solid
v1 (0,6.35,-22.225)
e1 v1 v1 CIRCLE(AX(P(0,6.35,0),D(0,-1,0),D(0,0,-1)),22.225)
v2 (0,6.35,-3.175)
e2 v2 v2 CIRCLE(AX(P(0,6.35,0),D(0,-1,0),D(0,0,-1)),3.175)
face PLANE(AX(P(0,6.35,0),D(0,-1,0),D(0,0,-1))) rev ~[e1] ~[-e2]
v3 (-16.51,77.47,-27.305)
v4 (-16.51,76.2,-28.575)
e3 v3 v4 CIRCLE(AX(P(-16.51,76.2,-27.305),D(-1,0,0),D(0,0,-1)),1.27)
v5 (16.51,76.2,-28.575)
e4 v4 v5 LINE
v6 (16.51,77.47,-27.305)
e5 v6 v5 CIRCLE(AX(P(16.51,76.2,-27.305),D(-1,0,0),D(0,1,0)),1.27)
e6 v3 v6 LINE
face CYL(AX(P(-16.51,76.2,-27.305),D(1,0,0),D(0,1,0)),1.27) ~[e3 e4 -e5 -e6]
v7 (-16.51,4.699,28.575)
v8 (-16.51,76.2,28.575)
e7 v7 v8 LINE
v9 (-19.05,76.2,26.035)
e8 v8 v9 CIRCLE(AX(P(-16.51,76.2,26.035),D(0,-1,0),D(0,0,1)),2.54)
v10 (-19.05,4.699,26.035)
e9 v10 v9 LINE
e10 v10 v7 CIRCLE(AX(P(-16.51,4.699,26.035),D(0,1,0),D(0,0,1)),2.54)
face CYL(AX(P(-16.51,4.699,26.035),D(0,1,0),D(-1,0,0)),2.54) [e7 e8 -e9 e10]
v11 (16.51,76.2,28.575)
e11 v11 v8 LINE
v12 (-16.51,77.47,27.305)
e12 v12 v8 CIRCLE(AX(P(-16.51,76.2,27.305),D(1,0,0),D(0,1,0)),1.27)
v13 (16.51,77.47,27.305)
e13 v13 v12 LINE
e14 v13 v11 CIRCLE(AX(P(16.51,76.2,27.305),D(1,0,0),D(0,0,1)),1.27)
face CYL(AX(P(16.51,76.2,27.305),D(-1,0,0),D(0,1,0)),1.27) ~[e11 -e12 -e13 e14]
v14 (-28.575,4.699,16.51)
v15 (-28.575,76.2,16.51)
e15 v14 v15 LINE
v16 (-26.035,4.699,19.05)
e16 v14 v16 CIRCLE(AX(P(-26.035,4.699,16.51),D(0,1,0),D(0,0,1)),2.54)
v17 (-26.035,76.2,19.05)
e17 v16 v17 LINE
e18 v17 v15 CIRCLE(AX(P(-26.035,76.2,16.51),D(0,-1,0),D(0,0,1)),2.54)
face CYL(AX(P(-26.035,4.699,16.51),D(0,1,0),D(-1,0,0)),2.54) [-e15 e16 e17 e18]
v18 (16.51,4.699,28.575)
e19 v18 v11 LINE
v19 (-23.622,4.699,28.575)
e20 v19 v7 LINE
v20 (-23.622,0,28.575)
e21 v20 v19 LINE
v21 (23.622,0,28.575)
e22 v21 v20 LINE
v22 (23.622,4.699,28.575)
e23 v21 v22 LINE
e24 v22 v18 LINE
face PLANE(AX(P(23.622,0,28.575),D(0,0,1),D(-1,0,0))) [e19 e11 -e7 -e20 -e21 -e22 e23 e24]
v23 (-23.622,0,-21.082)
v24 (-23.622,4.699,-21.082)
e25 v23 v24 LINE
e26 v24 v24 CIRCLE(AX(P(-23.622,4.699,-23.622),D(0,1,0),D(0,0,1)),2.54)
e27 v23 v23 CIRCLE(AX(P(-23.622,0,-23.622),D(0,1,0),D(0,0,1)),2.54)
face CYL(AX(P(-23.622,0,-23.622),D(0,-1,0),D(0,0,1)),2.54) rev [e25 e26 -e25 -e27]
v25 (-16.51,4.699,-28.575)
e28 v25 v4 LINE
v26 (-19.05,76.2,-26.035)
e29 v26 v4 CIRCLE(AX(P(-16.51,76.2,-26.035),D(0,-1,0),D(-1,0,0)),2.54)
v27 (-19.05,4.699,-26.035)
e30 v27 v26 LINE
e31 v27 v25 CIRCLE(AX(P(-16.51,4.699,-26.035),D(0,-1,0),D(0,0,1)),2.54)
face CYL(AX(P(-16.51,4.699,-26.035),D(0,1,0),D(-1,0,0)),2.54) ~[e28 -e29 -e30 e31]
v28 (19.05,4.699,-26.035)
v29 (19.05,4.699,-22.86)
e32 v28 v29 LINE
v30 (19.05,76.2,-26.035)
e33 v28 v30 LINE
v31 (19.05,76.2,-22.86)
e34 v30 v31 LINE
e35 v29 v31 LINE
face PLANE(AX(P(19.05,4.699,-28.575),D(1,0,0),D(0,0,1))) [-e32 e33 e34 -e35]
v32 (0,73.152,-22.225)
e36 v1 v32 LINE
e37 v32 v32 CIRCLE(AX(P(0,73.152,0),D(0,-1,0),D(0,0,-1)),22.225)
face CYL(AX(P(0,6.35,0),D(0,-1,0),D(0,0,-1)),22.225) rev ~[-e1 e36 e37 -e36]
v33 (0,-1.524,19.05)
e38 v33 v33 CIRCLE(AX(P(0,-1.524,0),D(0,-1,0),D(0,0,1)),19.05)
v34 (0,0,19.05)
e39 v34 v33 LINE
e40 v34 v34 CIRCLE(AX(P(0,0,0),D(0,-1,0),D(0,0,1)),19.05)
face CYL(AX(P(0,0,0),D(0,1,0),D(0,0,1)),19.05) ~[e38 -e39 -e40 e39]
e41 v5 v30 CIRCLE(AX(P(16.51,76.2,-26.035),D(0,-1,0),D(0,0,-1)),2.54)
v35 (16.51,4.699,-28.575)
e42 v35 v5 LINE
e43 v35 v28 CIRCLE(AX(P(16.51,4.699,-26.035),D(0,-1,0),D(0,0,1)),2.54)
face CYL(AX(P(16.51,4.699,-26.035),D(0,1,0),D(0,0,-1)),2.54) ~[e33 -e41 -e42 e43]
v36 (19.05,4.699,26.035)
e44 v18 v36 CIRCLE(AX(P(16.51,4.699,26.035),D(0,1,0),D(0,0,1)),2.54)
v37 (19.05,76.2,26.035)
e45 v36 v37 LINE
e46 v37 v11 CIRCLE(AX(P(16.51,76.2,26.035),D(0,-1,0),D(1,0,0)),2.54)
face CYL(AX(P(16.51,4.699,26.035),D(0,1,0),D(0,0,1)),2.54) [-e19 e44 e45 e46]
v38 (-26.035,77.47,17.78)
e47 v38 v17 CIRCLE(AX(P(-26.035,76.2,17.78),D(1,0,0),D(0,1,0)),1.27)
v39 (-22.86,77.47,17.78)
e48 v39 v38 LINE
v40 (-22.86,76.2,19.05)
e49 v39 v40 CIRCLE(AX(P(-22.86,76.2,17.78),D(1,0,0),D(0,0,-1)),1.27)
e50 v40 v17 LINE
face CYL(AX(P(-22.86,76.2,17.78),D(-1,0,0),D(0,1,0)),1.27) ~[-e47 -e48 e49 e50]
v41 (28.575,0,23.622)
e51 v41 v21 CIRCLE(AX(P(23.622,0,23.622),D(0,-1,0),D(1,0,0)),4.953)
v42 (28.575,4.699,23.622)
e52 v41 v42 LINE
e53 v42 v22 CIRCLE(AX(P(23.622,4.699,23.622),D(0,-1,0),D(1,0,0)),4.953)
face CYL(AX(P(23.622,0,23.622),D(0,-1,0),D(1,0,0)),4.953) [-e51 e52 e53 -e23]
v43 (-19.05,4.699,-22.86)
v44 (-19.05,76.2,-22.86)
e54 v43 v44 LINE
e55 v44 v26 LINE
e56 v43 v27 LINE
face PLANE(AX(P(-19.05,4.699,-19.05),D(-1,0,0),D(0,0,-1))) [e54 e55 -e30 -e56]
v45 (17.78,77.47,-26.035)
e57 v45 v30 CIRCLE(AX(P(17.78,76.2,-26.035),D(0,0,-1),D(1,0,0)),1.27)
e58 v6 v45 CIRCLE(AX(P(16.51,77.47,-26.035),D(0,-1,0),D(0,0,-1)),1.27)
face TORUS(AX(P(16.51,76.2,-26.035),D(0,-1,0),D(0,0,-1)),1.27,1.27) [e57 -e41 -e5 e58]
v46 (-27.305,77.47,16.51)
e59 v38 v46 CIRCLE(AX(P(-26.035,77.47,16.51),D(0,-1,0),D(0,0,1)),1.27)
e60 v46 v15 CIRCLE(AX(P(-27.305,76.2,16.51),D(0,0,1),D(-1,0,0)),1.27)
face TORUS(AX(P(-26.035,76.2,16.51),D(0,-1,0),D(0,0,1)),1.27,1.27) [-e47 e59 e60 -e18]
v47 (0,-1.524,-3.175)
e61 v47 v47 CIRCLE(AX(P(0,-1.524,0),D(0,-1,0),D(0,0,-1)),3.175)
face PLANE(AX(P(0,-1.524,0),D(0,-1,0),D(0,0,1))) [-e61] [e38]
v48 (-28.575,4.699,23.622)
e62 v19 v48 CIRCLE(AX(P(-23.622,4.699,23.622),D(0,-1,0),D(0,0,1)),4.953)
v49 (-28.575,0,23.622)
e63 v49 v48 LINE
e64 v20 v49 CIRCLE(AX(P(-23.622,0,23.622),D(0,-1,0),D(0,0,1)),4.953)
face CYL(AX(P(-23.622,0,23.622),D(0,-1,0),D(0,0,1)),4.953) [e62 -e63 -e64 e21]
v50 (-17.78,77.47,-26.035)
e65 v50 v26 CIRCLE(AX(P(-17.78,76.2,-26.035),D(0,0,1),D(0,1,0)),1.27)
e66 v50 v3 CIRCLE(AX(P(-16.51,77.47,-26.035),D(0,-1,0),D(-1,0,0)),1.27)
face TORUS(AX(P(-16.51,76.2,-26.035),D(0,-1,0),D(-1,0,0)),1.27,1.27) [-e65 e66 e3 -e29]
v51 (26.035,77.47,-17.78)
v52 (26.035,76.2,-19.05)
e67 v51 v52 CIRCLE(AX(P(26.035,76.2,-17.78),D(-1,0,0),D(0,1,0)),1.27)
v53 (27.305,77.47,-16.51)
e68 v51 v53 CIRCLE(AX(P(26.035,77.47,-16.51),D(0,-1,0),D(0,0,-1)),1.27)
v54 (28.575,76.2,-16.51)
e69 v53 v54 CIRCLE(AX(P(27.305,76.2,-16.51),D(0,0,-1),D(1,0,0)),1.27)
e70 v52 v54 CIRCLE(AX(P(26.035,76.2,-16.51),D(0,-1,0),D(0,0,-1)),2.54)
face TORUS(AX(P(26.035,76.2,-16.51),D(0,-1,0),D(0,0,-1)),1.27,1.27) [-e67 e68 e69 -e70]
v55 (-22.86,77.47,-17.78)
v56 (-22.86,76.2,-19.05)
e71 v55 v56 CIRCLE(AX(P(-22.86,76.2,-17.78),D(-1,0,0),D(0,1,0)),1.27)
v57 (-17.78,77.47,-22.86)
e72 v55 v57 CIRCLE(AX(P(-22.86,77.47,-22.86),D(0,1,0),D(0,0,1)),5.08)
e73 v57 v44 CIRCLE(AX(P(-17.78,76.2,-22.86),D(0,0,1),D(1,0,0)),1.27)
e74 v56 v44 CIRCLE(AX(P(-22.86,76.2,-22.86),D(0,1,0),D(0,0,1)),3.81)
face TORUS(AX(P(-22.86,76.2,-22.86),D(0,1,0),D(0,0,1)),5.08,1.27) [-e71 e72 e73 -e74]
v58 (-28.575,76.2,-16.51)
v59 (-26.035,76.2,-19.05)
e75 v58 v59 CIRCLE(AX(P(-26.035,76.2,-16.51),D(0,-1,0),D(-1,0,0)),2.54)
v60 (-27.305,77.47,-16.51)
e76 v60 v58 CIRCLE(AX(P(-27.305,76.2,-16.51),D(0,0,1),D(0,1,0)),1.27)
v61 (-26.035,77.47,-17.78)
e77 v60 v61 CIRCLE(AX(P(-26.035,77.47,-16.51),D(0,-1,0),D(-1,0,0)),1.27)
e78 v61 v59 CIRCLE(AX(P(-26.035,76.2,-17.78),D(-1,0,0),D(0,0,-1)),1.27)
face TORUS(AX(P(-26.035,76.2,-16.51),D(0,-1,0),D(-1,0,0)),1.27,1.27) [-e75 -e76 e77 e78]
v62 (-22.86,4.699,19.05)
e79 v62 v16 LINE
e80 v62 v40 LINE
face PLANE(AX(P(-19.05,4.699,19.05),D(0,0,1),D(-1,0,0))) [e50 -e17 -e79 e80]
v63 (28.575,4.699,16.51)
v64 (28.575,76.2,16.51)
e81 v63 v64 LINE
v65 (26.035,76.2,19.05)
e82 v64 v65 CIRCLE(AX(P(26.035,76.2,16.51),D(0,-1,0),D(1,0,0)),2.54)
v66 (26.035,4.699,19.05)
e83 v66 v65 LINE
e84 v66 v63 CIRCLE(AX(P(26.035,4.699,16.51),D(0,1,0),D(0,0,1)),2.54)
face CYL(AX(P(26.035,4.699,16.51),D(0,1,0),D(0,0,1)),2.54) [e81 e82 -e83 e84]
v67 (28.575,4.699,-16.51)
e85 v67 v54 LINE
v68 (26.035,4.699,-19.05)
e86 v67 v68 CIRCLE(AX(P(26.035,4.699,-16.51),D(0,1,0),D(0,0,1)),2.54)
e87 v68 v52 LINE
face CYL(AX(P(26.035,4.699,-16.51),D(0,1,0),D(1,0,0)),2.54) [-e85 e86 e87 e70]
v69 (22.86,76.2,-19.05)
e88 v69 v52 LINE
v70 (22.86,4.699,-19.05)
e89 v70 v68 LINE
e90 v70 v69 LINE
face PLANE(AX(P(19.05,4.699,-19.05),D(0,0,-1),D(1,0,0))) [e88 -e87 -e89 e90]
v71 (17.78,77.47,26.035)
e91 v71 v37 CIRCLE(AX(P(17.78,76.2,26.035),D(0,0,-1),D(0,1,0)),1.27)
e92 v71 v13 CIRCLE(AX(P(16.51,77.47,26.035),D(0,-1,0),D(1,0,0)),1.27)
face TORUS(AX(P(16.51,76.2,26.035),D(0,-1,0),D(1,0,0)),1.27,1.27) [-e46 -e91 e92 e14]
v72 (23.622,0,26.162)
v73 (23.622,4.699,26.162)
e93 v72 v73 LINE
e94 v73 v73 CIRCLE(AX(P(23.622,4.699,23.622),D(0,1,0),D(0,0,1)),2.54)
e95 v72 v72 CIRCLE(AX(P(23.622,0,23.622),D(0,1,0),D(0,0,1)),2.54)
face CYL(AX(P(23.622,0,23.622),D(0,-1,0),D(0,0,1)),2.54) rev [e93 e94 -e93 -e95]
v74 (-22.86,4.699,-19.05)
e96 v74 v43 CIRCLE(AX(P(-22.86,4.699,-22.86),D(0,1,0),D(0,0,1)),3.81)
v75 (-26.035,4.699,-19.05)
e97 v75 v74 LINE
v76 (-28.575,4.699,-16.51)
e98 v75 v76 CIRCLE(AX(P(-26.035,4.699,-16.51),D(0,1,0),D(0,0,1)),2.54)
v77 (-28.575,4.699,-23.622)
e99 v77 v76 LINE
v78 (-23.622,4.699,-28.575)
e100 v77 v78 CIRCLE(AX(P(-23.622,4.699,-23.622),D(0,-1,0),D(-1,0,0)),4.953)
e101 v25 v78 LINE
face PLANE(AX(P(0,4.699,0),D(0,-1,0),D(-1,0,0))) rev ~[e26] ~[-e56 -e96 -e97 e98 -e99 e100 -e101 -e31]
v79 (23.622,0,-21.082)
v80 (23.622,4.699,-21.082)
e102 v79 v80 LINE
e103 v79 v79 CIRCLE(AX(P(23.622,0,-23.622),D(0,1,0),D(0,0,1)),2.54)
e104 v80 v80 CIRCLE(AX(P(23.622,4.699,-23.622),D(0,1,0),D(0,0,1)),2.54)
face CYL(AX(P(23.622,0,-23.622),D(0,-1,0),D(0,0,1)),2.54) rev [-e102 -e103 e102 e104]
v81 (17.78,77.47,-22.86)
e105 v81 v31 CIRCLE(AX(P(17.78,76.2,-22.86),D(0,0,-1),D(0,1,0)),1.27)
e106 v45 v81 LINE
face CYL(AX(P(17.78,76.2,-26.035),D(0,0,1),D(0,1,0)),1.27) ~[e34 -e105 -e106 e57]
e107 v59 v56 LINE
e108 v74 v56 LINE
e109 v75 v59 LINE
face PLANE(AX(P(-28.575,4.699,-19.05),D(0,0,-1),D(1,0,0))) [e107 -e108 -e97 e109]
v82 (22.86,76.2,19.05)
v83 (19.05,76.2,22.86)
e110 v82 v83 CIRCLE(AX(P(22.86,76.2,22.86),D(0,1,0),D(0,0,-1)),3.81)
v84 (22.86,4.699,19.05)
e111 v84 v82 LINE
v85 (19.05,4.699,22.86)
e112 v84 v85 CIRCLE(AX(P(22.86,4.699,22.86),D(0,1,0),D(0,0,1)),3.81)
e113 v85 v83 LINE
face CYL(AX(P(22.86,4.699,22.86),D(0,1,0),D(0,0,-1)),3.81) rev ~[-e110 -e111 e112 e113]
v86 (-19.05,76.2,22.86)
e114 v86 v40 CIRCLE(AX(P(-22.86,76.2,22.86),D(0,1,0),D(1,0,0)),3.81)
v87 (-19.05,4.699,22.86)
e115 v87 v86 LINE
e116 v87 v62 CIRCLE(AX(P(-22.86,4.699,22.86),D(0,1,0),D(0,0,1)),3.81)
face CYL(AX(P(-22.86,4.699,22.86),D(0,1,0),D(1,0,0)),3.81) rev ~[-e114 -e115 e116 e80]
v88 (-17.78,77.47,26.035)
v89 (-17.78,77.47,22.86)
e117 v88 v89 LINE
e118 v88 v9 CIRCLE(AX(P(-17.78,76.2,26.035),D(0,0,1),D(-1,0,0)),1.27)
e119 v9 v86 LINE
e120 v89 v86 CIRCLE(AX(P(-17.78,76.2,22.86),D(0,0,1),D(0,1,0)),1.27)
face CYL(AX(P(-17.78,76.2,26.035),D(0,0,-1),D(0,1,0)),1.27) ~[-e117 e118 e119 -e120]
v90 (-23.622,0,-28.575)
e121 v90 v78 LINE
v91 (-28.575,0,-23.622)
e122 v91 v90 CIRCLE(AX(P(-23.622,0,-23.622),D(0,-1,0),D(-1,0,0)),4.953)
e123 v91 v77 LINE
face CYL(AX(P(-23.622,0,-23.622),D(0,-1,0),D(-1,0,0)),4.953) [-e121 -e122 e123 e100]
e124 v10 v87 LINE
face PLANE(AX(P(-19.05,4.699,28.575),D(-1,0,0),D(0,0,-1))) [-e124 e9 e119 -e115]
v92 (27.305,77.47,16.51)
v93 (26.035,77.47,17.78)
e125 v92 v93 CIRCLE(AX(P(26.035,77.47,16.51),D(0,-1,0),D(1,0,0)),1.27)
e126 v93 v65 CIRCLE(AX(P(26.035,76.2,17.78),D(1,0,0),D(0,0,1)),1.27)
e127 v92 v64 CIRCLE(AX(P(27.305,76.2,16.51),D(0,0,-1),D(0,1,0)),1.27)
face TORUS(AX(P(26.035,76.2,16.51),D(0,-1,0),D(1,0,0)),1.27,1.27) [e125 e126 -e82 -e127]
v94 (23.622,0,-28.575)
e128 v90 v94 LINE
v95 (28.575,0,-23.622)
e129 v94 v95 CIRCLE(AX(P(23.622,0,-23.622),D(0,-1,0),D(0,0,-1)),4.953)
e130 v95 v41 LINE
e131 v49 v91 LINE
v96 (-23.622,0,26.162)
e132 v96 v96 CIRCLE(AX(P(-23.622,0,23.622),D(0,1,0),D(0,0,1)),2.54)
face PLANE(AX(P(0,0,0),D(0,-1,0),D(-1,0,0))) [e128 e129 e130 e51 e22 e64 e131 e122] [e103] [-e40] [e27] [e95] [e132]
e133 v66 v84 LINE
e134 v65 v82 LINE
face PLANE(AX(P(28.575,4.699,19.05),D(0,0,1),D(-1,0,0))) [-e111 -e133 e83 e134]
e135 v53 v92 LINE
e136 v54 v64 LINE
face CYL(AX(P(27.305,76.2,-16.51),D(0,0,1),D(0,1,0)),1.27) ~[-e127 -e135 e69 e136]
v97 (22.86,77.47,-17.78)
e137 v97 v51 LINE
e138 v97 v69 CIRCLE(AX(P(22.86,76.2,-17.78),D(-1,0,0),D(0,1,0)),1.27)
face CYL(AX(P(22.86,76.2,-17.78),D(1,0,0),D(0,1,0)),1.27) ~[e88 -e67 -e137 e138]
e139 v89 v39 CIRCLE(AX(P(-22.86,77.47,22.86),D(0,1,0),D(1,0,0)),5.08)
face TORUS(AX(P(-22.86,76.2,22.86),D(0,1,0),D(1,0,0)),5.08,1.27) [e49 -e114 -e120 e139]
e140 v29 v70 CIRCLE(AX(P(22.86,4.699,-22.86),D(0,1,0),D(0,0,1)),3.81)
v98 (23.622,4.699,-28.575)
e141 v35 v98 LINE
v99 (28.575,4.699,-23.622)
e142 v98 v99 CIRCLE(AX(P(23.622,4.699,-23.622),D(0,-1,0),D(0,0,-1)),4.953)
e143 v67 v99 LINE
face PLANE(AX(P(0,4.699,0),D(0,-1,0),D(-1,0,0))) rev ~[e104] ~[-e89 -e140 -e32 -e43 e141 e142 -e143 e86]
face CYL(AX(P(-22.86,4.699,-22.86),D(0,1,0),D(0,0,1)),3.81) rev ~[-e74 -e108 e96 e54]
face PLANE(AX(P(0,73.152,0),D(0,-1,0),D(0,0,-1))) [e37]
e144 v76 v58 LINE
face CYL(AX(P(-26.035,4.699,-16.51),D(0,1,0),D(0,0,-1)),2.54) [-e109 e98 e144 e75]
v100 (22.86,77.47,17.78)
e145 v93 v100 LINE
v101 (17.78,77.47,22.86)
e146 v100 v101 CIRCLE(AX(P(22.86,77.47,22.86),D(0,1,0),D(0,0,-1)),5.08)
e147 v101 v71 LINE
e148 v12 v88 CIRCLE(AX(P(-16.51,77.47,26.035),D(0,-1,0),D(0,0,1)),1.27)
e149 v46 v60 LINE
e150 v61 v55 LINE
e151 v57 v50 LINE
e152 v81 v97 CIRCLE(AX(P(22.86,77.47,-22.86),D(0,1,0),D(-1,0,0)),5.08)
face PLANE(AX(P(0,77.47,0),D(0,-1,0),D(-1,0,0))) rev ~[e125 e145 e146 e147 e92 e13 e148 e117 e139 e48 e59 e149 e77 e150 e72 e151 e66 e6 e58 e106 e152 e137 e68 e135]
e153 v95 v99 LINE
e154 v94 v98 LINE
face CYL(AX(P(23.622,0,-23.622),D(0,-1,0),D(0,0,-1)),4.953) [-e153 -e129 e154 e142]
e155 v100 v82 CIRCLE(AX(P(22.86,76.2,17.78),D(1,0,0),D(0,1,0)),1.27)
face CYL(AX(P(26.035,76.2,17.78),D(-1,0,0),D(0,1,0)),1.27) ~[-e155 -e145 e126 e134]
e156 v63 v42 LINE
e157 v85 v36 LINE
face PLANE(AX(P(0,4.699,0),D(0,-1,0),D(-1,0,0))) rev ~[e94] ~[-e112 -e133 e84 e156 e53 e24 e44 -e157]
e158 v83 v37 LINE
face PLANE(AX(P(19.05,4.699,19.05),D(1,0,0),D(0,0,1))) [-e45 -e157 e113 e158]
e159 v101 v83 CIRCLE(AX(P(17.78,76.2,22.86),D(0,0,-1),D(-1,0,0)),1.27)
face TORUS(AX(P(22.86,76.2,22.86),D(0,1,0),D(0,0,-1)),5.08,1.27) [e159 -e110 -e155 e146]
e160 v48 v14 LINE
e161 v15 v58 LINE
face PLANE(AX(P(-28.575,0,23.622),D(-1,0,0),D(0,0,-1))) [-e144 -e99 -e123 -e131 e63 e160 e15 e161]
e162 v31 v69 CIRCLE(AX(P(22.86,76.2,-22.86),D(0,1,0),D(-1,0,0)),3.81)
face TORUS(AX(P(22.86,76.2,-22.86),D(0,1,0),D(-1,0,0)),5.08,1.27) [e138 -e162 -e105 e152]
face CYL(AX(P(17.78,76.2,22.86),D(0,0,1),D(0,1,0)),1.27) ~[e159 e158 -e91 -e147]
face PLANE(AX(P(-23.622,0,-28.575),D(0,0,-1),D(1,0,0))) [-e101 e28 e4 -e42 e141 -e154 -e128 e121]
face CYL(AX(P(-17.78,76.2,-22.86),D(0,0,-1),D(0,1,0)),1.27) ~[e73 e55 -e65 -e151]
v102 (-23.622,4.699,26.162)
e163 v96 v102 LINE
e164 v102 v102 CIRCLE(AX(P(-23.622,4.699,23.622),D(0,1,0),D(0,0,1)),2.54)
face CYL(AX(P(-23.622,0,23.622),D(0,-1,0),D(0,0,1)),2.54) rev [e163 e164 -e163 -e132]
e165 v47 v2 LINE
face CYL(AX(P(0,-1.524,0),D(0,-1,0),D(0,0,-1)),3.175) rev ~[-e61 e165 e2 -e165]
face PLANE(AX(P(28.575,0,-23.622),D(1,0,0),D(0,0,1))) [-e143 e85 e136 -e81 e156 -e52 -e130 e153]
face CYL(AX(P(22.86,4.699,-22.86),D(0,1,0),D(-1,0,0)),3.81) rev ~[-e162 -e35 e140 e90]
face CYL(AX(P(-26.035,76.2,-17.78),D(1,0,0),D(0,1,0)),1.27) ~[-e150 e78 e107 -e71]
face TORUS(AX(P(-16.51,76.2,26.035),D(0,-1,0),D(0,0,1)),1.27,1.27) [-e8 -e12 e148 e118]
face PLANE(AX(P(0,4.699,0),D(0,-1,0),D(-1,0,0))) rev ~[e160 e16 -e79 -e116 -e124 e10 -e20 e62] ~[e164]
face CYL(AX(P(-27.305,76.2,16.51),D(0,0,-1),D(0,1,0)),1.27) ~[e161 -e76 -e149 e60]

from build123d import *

# Parameters (mm, degrees)
SKETCH1_R           = 2.54
BOSS_EXTRUDE1_DEPTH = 4.699
BOSS_EXTRUDE2_DEPTH = 72.771
FILLET1_R           = 3.81
FILLET2_R           = 2.54
FILLET3_R           = 1.27
SKETCH3_R           = 19.05
BOSS_EXTRUDE3_DEPTH = 1.524
CUT_EXTRUDE1_START  = -6.35
SKETCH5_R           = 22.225
CUT_EXTRUDE1_DEPTH  = 66.802
SKETCH4_R           = 3.175
CUT_EXTRUDE4_DEPTH  = 12.7


with BuildPart() as part:
    # Sketch1 → Boss-Extrude1 (new body)
    with BuildSketch(Plane(origin=(0, 0, 0), x_dir=(1, 0, 0), z_dir=(0, 1, 0))):
        with BuildLine():
            Line((-23.622, 28.575), (23.622, 28.575))
            ThreePointArc((23.622, 28.575), (27.124299887, 27.124299887), (28.575, 23.622))
            Line((28.575, 23.622), (28.575, -23.622))
            ThreePointArc((28.575, -23.622), (27.124299887, -27.124299887), (23.622, -28.575))
            Line((23.622, -28.575), (-23.622, -28.575))
            ThreePointArc((-23.622, -28.575), (-27.124299887, -27.124299887), (-28.575, -23.622))
            Line((-28.575, -23.622), (-28.575, 23.622))
            ThreePointArc((-28.575, 23.622), (-27.124299887, 27.124299887), (-23.622, 28.575))
        make_face()
        with Locations(Location((-23.622, 23.622, 0), (0, 0, 270))):
            Circle(SKETCH1_R, mode=Mode.SUBTRACT)
        with Locations(Location((23.622, 23.622, 0), (0, 0, 270))):
            Circle(SKETCH1_R, mode=Mode.SUBTRACT)
        with Locations(Location((23.622, -23.622, 0), (0, 0, 270))):
            Circle(SKETCH1_R, mode=Mode.SUBTRACT)
        with Locations(Location((-23.622, -23.622, 0), (0, 0, 270))):
            Circle(SKETCH1_R, mode=Mode.SUBTRACT)
    extrude(amount=BOSS_EXTRUDE1_DEPTH)

    # Sketch2 → Boss-Extrude2 (add)
    with BuildSketch(Plane(origin=(0, 4.699, 0), x_dir=(1, 0, 0), z_dir=(0, 1, 0))):
        Polygon((-19.05, -28.575), (-19.05, -19.05), (-28.575, -19.05), (-28.575, 19.05), (-19.05, 19.05), (-19.05, 28.575), (19.05, 28.575), (19.05, 19.05), (28.575, 19.05), (28.575, -19.05), (19.05, -19.05), (19.05, -28.575), align=None)
    extrude(amount=BOSS_EXTRUDE2_DEPTH)

    # Fillet1
    fillet1_edges = [part.edges().sort_by_distance(p)[0] for p in [
        (-19.05, 41.0845, 19.05),
        (-19.05, 41.0845, -19.05),
        (19.05, 41.0845, -19.05),
        (19.05, 41.0845, 19.05),
    ]]
    fillet(fillet1_edges, radius=FILLET1_R)

    # Fillet2
    fillet2_edges = [part.edges().sort_by_distance(p)[0] for p in [
        (28.575, 41.0845, -19.05),
        (19.05, 41.0845, -28.575),
        (28.575, 41.0845, 19.05),
        (-19.05, 41.0845, -28.575),
        (-28.575, 41.0845, -19.05),
        (-19.05, 41.0845, 28.575),
        (-28.575, 41.0845, 19.05),
        (19.05, 41.0845, 28.575),
    ]]
    fillet(fillet2_edges, radius=FILLET2_R)

    # Fillet3
    fillet3_edges = [part.edges().sort_by_distance(p)[0] for p in [
        (24.4475, 77.47, -19.05),
        (28.575, 77.47, 0),
        (0, 77.47, 28.575),
        (19.05, 77.47, 24.4475),
        (0, 77.47, -28.575),
        (-19.05, 77.47, -24.4475),
        (-28.575, 77.47, 0),
        (-24.4475, 77.47, 19.05),
        (18.306051224, 77.47, 27.831051224),
        (-27.831051224, 77.47, 18.306051224),
        (-18.306051224, 77.47, 27.831051224),
        (-27.831051224, 77.47, -18.306051224),
        (-18.306051224, 77.47, -27.831051224),
        (27.831051224, 77.47, 18.306051224),
        (18.306051224, 77.47, -27.831051224),
        (27.831051224, 77.47, -18.306051224),
        (-19.05, 77.47, 24.4475),
        (-24.4475, 77.47, -19.05),
        (19.05, 77.47, -24.4475),
        (24.4475, 77.47, 19.05),
        (-20.165923164, 77.47, 20.165923164),
        (-20.165923164, 77.47, -20.165923164),
        (20.165923164, 77.47, -20.165923164),
        (20.165923164, 77.47, 20.165923164),
    ]]
    fillet(fillet3_edges, radius=FILLET3_R)

    # Sketch3 → Boss-Extrude3 (add)
    with BuildSketch(Plane.XZ):
        with Locations(Location((0, 0, 0), (0, 0, 90))):
            Circle(SKETCH3_R)
    extrude(amount=BOSS_EXTRUDE3_DEPTH)

    # Sketch5 → Cut-Extrude1 (cut)
    with BuildSketch(Plane.XZ.offset(CUT_EXTRUDE1_START)):
        with Locations(Location((0, 0, 0), (0, 0, 270))):
            Circle(SKETCH5_R)
    extrude(amount=-CUT_EXTRUDE1_DEPTH, mode=Mode.SUBTRACT)

    # Sketch4 → Cut-Extrude4 (cut)
    with BuildSketch(Plane.XZ.offset(1.524)):
        with Locations(Location((0, 0, 0), (0, 0, 270))):
            Circle(SKETCH4_R)
    extrude(amount=-CUT_EXTRUDE4_DEPTH, mode=Mode.SUBTRACT)


solid = part.part
